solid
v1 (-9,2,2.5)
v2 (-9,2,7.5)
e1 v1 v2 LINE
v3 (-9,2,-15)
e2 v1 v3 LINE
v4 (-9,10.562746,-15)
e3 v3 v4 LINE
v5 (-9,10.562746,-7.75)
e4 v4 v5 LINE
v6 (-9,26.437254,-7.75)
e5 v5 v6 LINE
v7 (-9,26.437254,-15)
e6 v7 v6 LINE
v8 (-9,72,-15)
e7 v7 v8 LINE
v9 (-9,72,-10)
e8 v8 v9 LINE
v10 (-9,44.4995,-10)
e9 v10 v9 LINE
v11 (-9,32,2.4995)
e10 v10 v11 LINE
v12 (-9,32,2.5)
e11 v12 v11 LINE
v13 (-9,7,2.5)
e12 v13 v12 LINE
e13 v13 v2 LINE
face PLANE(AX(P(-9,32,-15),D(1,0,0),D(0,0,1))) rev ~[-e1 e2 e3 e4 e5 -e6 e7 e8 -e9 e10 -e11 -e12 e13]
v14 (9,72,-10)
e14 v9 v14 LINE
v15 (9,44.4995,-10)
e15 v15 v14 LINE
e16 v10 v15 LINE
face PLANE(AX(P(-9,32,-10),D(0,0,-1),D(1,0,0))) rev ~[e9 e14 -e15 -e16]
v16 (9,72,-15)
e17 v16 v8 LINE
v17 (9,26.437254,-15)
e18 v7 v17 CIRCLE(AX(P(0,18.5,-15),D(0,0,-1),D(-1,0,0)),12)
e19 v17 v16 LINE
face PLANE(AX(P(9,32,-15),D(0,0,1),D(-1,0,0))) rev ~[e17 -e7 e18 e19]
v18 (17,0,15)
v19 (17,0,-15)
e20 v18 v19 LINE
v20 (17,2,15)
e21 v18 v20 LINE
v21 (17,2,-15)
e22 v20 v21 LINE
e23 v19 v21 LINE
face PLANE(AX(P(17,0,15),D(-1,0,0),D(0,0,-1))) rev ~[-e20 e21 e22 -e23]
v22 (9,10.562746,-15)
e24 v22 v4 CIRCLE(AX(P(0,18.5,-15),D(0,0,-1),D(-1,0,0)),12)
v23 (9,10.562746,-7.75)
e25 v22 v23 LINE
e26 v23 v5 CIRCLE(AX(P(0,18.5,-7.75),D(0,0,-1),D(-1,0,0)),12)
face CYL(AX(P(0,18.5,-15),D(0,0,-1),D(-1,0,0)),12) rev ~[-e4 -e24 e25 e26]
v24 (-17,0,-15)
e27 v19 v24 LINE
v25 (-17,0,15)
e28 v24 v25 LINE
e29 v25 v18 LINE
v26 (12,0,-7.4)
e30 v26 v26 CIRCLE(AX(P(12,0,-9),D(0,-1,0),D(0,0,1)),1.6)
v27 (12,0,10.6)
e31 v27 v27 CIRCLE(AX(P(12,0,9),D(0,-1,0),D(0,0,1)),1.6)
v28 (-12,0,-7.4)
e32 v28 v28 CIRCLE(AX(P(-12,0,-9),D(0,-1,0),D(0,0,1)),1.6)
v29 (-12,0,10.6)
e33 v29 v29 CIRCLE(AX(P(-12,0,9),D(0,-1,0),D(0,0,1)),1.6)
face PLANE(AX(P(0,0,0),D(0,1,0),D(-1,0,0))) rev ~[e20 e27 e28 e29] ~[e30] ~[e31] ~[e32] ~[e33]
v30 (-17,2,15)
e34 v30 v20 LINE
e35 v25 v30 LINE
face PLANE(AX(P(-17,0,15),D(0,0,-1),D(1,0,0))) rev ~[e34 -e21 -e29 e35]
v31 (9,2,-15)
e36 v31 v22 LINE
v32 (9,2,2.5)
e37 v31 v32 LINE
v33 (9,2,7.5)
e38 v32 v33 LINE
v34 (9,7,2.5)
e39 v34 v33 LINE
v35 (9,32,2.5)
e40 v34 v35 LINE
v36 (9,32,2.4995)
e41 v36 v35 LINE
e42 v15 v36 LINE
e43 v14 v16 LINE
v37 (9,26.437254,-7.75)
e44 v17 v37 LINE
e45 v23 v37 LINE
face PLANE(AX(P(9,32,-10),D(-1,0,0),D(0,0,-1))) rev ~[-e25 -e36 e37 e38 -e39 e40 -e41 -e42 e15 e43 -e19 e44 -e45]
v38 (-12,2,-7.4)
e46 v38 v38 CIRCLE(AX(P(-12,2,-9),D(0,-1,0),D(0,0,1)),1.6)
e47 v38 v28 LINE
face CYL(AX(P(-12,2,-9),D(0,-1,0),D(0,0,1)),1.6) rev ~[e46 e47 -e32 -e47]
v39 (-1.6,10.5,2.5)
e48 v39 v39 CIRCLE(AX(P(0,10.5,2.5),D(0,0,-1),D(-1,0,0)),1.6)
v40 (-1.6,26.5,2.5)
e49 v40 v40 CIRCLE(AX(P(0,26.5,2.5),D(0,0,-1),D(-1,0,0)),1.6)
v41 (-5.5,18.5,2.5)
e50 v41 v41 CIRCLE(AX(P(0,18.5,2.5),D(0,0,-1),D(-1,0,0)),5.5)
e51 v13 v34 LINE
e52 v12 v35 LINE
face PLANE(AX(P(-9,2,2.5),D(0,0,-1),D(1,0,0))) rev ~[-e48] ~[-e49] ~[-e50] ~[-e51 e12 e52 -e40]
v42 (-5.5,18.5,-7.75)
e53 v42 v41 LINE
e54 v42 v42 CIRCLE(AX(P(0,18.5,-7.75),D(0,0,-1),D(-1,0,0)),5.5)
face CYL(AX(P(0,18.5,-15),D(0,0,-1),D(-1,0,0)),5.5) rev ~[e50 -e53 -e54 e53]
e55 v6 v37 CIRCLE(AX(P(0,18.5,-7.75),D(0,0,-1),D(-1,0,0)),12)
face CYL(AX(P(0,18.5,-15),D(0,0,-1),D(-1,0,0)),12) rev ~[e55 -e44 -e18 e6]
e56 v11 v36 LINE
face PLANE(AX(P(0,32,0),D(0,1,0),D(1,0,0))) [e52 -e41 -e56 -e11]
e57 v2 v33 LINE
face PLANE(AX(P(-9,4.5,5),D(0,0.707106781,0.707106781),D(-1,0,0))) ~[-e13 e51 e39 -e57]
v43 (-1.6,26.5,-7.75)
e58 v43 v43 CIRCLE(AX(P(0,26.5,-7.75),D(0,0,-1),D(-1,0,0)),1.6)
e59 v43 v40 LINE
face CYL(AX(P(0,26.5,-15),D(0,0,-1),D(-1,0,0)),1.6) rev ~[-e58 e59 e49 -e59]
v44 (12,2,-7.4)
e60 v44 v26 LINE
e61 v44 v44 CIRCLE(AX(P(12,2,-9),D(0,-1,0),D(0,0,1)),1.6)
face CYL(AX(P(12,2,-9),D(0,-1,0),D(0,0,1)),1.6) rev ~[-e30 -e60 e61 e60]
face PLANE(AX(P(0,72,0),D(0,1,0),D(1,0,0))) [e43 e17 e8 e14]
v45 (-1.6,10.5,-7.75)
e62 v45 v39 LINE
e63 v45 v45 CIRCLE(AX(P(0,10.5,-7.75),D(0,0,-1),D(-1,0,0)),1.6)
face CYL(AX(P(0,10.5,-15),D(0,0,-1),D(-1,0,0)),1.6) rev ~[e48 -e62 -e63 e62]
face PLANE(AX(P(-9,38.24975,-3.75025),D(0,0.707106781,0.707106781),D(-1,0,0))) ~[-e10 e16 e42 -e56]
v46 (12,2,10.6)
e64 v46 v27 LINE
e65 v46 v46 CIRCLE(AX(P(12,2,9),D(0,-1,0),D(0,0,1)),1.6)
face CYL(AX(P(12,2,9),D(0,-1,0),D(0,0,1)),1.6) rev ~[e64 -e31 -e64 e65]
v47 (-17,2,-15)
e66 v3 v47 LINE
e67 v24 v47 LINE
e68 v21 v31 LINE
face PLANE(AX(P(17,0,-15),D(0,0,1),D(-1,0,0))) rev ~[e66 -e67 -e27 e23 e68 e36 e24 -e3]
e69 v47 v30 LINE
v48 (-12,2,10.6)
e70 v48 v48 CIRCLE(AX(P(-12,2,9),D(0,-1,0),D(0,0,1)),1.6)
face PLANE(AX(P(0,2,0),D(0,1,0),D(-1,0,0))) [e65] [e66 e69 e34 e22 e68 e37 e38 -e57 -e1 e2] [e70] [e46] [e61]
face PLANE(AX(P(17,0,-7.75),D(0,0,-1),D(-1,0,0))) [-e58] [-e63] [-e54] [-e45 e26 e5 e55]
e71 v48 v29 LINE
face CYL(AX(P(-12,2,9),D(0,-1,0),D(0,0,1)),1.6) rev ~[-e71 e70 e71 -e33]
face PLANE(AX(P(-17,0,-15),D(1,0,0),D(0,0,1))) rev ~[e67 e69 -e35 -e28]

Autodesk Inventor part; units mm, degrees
ref_plane "YZ Plane" through (0, 0, 0) normal (1, 0, 0) x (0, 1, 0)
ref_plane "XZ Plane" through (0, 0, 0) normal (0, 1, 0) x (-1, 0, 0)
ref_plane "XY Plane" through (0, 0, 0) normal (0, 0, 1) x (1, 0, 0)
sketch "Sketch1" plane through (0, 0, 0) normal (0, 1, 0) x (-1, 0, 0)
  line L0 (-17, -15) -> (17, -15)
  line L1 (17, -15) -> (17, 15)
  line L2 (17, 15) -> (-17, 15)
  line L3 (-17, 15) -> (-17, -15)
  line L4 (-17, -15) -> (17, 15) construction
  line L5 (17, -15) -> (-17, 15) construction
  point P0 (0, 0)
  dimension "d0" = 34
  dimension "d1" = 30
extrude "Extrusion1" add sketch "Sketch1" along normal blind 2
sketch "Sketch2" plane through (0, 2, 0) normal (0, 1, 0) x (1, 0, 0)
  line L0 (-17, 15) -> (-17, -15) projected
  line L1 (-17, -15) -> (17, -15) projected
  line L2 (17, -15) -> (17, 15) projected
  line L3 (17, 15) -> (-17, 15) projected
  line L4 (-12, 9) -> (-12, -9) construction
  line L5 (-12, -9) -> (12, -9) construction
  line L6 (12, -9) -> (12, 9) construction
  line L7 (-12, 0) -> (0, 0) construction
  line L8 (0, 0) -> (0, -9) construction
  dimension "d5" = 24
  dimension "d6" = 18
hole "Hole1" at (-12, 2, -9) at (-12, 2, 9) at (12, 2, 9) at (12, 2, -9) direction (0, -1, 0) diameter 3.2 end through all
sketch "Sketch3" plane through (0, 2, 0) normal (0, 1, 0) x (1, 0, 0)
  circle A0 centre (12, 9) radius 1.6 projected
  circle A1 centre (12, -9) radius 1.6 projected
  circle A2 centre (-12, -9) radius 1.6 projected
  circle A3 centre (-12, 9) radius 1.6 projected
  line L0 (-17, 15) -> (-17, -15) projected
  line L1 (-17, -15) -> (17, -15) projected
  line L2 (17, -15) -> (17, 15) projected
  line L3 (17, 15) -> (-17, 15) projected
  line L4 (-17, -2.5) -> (17, -2.5)
  circle A4 centre (-12, 9) radius 3
  circle A5 centre (12, 9) radius 3
  line L5 (-9, 15) -> (-9, -15)
  line L6 (9, 15) -> (9, -15)
  point P0 (0, 0)
  point P1 (9, -2.5)
  point P2 (-9, -2.5)
  dimension "d14" = 17.5
  dimension "d15" = 6
  dimension "d16" = 8
  dimension "d17" = 8
extrude "Extrusion2" add sketch "Sketch3" along normal blind 30 contours L3 L6 L4 L5
sketch "Sketch4" plane through (17, 0, -15) normal (0, 0, -1) x (-1, 0, 0)
  line L0 (0, 0) -> (34, 0) projected
  line L1 (34, 0) -> (34, 2) projected
  line L2 (26, 2) -> (34, 2) projected
  line L3 (26, 2) -> (26, 32) projected
  line L4 (8, 32) -> (26, 32) projected
  line L5 (8, 2) -> (8, 32) projected
  line L6 (0, 2) -> (8, 2) projected
  line L7 (0, 0) -> (0, 2) projected
  circle A0 centre (17, 18.5) radius 5.5
  line L8 (17, 18.5) -> (17, 0) construction
  circle A1 centre (17, 18.5) radius 12
  line L9 (17, 18.5) -> (17, 26.5) construction
  circle A2 centre (17, 10.5) radius 1.6
  circle A3 centre (17, 26.5) radius 1.6
  point P0 (26, 26.4373)
  point P1 (8, 26.4373)
  point P2 (8, 10.5627)
  point P3 (26, 10.5627)
  dimension "d20" = 18.5
  dimension "d21" = 24
  dimension "d22" = 11
  dimension "d24" = 8
  dimension "d29" = 3.2
  dimension "d30" = 8
extrude "Extrusion3" cut sketch "Sketch4" against normal blind 7.25 contours L5 A1 L3 | A0 | A2 | A3
extrude "Extrusion4" cut sketch "Sketch4" against normal through all contours A0 | A2 | A3
sketch "Sketch6" plane through (0, 32, 0) normal (0, 1, 0) x (1, 0, 0)
  line L0 (9, 15) -> (-9, 15) projected
  line L1 (-9, 15) -> (-9, -2.5) projected
  line L2 (-9, -2.5) -> (9, -2.5) projected
  line L3 (9, -2.5) -> (9, 15) projected
  line L4 (-9, 10) -> (9, 10)
  point P0 (0, 0)
  dimension "d33" = 5
extrude "Extrusion6" add sketch "Sketch6" along normal blind 40 contours L3 L4 L1 L0
chamfer "Chamfer1" distance 12.5 angle 45 1 edges at (0, 32, -10)
chamfer "Chamfer2" distance 5 angle 45 1 edges at (0, 2, 2.5)
equation "\"d17\" = d16"
equation "\"d24\" = d30"
